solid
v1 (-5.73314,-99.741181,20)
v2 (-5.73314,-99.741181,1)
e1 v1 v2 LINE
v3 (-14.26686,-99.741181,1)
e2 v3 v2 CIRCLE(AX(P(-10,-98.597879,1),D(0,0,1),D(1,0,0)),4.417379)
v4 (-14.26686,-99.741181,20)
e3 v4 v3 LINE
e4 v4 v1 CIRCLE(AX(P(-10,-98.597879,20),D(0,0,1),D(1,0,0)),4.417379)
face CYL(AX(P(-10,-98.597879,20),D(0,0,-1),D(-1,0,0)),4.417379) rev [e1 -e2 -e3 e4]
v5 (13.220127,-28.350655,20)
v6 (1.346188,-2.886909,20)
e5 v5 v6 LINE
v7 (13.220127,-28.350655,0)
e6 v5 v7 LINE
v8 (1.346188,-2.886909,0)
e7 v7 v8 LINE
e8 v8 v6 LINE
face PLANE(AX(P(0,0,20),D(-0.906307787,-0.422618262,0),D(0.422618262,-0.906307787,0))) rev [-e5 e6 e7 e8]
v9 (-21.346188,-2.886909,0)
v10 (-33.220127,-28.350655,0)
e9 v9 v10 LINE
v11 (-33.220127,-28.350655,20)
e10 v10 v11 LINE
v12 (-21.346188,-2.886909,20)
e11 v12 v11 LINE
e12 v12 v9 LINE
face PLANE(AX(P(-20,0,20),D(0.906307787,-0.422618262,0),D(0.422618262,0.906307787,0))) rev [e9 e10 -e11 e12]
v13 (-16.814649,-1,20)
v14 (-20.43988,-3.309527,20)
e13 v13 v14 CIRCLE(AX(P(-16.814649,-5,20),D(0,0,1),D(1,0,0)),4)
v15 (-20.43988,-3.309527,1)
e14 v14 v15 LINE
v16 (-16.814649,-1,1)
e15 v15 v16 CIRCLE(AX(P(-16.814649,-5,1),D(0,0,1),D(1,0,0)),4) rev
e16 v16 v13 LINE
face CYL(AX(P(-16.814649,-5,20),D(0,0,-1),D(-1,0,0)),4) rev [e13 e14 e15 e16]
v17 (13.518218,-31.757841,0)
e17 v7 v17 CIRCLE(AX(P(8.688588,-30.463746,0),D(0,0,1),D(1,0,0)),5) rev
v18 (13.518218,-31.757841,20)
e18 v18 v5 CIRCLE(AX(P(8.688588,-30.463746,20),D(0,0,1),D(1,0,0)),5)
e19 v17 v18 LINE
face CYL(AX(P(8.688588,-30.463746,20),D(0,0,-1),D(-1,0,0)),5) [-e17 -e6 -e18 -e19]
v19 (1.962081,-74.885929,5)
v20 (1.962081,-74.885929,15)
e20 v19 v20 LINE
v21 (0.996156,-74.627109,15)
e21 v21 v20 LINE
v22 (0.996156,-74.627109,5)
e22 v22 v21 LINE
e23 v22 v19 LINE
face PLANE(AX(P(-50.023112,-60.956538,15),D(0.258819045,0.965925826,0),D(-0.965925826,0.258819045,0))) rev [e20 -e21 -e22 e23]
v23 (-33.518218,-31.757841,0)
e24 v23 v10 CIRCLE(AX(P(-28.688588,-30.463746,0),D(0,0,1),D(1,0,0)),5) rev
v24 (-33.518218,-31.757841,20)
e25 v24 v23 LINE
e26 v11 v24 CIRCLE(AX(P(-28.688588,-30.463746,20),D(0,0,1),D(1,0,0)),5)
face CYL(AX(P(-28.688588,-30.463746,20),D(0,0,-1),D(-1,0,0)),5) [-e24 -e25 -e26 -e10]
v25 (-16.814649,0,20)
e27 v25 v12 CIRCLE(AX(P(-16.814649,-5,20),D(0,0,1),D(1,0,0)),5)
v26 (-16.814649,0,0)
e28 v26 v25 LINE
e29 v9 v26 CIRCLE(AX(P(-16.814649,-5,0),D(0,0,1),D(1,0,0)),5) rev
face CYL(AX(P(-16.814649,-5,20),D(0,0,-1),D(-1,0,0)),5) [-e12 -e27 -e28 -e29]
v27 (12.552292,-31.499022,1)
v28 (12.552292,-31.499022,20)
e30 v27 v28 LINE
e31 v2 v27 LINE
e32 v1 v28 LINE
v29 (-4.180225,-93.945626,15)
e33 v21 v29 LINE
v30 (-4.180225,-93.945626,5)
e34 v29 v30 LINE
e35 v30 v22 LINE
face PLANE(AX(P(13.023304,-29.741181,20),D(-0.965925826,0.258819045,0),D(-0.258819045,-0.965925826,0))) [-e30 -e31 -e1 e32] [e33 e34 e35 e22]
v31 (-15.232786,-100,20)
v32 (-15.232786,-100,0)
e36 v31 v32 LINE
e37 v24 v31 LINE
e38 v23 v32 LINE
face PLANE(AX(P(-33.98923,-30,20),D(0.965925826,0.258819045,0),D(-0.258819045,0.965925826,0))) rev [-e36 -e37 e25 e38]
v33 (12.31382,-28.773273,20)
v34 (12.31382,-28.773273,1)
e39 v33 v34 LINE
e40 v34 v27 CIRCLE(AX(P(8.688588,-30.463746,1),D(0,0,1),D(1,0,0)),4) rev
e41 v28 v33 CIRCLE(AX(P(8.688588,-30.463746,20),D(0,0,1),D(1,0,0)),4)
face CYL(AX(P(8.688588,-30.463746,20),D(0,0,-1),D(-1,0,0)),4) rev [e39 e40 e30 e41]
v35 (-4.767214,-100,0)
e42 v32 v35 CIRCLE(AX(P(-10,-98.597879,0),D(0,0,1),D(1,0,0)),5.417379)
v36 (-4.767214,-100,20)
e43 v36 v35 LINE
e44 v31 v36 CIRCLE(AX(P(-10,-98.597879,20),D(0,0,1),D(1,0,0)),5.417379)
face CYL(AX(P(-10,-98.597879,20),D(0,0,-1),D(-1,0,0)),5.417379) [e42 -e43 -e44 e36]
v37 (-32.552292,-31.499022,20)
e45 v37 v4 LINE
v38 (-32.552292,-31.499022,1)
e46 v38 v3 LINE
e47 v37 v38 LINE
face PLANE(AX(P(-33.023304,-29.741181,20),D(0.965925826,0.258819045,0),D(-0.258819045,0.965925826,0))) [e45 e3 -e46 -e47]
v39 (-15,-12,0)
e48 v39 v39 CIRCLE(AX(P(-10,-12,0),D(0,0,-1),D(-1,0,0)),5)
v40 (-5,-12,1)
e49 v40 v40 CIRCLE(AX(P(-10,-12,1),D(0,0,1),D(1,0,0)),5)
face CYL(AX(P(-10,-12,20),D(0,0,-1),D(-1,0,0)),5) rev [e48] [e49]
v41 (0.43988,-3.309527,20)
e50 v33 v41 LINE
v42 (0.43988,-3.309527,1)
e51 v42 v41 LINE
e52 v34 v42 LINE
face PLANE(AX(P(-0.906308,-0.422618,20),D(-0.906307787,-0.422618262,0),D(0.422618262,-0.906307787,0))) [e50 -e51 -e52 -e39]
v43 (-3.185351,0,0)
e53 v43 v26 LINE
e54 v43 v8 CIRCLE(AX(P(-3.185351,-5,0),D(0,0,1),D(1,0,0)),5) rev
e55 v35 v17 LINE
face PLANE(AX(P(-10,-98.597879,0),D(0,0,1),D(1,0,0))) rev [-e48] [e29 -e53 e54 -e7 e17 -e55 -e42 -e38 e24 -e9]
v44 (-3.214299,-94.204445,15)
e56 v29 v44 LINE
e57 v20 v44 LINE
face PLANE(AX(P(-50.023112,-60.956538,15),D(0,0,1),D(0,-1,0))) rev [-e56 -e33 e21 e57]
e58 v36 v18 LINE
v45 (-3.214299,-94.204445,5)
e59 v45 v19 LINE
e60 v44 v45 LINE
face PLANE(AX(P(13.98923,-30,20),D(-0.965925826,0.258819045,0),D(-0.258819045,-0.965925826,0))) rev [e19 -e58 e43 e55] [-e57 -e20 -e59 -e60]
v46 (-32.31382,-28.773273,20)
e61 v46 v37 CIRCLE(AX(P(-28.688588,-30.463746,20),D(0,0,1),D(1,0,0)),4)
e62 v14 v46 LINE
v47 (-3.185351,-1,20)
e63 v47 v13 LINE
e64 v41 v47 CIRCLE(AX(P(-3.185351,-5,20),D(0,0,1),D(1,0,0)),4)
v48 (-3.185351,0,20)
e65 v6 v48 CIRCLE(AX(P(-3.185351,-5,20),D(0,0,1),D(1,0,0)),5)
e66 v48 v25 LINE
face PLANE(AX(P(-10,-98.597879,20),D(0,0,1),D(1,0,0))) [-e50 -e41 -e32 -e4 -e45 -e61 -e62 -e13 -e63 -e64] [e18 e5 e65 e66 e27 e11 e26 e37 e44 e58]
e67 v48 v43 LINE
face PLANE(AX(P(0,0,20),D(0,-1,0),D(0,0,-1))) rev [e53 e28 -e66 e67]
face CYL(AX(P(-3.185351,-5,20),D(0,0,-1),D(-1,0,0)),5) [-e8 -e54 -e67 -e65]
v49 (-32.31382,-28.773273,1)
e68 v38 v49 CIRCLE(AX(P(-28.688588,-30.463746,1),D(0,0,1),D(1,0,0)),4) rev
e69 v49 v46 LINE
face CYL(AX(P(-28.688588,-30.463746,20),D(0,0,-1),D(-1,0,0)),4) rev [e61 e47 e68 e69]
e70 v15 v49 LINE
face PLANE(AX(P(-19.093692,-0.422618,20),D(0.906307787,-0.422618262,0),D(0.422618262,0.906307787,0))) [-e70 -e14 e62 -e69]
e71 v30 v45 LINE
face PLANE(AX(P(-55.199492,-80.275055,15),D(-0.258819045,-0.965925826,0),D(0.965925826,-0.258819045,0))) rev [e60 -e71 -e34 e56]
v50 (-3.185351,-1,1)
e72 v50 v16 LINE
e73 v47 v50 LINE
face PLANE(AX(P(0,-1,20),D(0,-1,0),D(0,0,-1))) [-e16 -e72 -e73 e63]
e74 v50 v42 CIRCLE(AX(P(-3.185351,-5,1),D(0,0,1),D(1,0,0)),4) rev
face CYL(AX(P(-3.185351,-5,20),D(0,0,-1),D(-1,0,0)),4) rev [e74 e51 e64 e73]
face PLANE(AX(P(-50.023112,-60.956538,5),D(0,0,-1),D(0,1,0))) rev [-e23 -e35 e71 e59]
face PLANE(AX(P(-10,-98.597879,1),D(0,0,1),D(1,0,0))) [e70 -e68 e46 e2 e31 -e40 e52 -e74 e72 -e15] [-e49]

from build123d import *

# Parameters (mm, degrees)
EXTRUDE_1_DEPTH     = 20
FILLET_1_R          = 5
SHELL_1_T           = -1
SKETCH_2_R          = 5
CUT_EXTRUDE_1_DEPTH = 20
CUT_EXTRUDE_2_REACH = 116.219
SKETCH_3_W          = 10
SKETCH_3_H          = 20


with BuildPart() as part:
    # 草图1 → 凸台-拉伸1 (new body)
    with BuildSketch(Plane.XY):
        with BuildLine():
            Line((0, 0), (-20, 0))
            Line((-20, 0), (-33.989229745, -30))
            Line((-33.989229745, -30), (-15.232786274, -100))
            ThreePointArc((-15.232786274, -100), (-10, -104.015258131), (-4.767213726, -100))
            Line((-4.767213726, -100), (13.989229745, -30))
            Line((13.989229745, -30), (0, 0))
        make_face()
    extrude(amount=EXTRUDE_1_DEPTH)

    # 圆角1
    fillet_1_edges = [part.edges().sort_by_distance(p)[0] for p in [
        (13.989229745, -30, 10),
        (-33.989229745, -30, 10),
        (-20, 0, 10),
        (0, 0, 10),
    ]]
    fillet(fillet_1_edges, radius=FILLET_1_R)

    # 抽壳1
    shell_1_openings = [part.faces().sort_by_distance(p)[0] for p in [
        (-10, -44.685846185, 20),
    ]]
    offset(amount=SHELL_1_T, openings=shell_1_openings, kind=Kind.INTERSECTION)

    # 草图2 → 切除-拉伸1 (cut)
    with BuildSketch(Plane(origin=(0, 0, 0), x_dir=(-1, 0, 0), z_dir=(0, 0, -1))):
        with Locations((10, -12)):
            Circle(SKETCH_2_R)
    extrude(amount=-CUT_EXTRUDE_1_DEPTH, mode=Mode.SUBTRACT)

    # 草图3 → 切除-拉伸2 (cut, up to next)
    with BuildSketch(Plane(origin=(20.552129041, -5.506926379, 0), x_dir=(0, 0, -1), z_dir=(0.9659258262890672, -0.2588190451025249, 0)), mode=Mode.PRIVATE) as cut_extrude_2_sk1:
        with Locations((-10, -81.826428333)):
            Rectangle(SKETCH_3_W, SKETCH_3_H)
    cut_extrude_2_tool1 = extrude(cut_extrude_2_sk1.sketch, amount=-CUT_EXTRUDE_2_REACH, mode=Mode.PRIVATE) & part.part
    add(cut_extrude_2_tool1.solids().sort_by_distance((-0.626109, -84.545187, 10))[0], mode=Mode.SUBTRACT)


solid = part.part
